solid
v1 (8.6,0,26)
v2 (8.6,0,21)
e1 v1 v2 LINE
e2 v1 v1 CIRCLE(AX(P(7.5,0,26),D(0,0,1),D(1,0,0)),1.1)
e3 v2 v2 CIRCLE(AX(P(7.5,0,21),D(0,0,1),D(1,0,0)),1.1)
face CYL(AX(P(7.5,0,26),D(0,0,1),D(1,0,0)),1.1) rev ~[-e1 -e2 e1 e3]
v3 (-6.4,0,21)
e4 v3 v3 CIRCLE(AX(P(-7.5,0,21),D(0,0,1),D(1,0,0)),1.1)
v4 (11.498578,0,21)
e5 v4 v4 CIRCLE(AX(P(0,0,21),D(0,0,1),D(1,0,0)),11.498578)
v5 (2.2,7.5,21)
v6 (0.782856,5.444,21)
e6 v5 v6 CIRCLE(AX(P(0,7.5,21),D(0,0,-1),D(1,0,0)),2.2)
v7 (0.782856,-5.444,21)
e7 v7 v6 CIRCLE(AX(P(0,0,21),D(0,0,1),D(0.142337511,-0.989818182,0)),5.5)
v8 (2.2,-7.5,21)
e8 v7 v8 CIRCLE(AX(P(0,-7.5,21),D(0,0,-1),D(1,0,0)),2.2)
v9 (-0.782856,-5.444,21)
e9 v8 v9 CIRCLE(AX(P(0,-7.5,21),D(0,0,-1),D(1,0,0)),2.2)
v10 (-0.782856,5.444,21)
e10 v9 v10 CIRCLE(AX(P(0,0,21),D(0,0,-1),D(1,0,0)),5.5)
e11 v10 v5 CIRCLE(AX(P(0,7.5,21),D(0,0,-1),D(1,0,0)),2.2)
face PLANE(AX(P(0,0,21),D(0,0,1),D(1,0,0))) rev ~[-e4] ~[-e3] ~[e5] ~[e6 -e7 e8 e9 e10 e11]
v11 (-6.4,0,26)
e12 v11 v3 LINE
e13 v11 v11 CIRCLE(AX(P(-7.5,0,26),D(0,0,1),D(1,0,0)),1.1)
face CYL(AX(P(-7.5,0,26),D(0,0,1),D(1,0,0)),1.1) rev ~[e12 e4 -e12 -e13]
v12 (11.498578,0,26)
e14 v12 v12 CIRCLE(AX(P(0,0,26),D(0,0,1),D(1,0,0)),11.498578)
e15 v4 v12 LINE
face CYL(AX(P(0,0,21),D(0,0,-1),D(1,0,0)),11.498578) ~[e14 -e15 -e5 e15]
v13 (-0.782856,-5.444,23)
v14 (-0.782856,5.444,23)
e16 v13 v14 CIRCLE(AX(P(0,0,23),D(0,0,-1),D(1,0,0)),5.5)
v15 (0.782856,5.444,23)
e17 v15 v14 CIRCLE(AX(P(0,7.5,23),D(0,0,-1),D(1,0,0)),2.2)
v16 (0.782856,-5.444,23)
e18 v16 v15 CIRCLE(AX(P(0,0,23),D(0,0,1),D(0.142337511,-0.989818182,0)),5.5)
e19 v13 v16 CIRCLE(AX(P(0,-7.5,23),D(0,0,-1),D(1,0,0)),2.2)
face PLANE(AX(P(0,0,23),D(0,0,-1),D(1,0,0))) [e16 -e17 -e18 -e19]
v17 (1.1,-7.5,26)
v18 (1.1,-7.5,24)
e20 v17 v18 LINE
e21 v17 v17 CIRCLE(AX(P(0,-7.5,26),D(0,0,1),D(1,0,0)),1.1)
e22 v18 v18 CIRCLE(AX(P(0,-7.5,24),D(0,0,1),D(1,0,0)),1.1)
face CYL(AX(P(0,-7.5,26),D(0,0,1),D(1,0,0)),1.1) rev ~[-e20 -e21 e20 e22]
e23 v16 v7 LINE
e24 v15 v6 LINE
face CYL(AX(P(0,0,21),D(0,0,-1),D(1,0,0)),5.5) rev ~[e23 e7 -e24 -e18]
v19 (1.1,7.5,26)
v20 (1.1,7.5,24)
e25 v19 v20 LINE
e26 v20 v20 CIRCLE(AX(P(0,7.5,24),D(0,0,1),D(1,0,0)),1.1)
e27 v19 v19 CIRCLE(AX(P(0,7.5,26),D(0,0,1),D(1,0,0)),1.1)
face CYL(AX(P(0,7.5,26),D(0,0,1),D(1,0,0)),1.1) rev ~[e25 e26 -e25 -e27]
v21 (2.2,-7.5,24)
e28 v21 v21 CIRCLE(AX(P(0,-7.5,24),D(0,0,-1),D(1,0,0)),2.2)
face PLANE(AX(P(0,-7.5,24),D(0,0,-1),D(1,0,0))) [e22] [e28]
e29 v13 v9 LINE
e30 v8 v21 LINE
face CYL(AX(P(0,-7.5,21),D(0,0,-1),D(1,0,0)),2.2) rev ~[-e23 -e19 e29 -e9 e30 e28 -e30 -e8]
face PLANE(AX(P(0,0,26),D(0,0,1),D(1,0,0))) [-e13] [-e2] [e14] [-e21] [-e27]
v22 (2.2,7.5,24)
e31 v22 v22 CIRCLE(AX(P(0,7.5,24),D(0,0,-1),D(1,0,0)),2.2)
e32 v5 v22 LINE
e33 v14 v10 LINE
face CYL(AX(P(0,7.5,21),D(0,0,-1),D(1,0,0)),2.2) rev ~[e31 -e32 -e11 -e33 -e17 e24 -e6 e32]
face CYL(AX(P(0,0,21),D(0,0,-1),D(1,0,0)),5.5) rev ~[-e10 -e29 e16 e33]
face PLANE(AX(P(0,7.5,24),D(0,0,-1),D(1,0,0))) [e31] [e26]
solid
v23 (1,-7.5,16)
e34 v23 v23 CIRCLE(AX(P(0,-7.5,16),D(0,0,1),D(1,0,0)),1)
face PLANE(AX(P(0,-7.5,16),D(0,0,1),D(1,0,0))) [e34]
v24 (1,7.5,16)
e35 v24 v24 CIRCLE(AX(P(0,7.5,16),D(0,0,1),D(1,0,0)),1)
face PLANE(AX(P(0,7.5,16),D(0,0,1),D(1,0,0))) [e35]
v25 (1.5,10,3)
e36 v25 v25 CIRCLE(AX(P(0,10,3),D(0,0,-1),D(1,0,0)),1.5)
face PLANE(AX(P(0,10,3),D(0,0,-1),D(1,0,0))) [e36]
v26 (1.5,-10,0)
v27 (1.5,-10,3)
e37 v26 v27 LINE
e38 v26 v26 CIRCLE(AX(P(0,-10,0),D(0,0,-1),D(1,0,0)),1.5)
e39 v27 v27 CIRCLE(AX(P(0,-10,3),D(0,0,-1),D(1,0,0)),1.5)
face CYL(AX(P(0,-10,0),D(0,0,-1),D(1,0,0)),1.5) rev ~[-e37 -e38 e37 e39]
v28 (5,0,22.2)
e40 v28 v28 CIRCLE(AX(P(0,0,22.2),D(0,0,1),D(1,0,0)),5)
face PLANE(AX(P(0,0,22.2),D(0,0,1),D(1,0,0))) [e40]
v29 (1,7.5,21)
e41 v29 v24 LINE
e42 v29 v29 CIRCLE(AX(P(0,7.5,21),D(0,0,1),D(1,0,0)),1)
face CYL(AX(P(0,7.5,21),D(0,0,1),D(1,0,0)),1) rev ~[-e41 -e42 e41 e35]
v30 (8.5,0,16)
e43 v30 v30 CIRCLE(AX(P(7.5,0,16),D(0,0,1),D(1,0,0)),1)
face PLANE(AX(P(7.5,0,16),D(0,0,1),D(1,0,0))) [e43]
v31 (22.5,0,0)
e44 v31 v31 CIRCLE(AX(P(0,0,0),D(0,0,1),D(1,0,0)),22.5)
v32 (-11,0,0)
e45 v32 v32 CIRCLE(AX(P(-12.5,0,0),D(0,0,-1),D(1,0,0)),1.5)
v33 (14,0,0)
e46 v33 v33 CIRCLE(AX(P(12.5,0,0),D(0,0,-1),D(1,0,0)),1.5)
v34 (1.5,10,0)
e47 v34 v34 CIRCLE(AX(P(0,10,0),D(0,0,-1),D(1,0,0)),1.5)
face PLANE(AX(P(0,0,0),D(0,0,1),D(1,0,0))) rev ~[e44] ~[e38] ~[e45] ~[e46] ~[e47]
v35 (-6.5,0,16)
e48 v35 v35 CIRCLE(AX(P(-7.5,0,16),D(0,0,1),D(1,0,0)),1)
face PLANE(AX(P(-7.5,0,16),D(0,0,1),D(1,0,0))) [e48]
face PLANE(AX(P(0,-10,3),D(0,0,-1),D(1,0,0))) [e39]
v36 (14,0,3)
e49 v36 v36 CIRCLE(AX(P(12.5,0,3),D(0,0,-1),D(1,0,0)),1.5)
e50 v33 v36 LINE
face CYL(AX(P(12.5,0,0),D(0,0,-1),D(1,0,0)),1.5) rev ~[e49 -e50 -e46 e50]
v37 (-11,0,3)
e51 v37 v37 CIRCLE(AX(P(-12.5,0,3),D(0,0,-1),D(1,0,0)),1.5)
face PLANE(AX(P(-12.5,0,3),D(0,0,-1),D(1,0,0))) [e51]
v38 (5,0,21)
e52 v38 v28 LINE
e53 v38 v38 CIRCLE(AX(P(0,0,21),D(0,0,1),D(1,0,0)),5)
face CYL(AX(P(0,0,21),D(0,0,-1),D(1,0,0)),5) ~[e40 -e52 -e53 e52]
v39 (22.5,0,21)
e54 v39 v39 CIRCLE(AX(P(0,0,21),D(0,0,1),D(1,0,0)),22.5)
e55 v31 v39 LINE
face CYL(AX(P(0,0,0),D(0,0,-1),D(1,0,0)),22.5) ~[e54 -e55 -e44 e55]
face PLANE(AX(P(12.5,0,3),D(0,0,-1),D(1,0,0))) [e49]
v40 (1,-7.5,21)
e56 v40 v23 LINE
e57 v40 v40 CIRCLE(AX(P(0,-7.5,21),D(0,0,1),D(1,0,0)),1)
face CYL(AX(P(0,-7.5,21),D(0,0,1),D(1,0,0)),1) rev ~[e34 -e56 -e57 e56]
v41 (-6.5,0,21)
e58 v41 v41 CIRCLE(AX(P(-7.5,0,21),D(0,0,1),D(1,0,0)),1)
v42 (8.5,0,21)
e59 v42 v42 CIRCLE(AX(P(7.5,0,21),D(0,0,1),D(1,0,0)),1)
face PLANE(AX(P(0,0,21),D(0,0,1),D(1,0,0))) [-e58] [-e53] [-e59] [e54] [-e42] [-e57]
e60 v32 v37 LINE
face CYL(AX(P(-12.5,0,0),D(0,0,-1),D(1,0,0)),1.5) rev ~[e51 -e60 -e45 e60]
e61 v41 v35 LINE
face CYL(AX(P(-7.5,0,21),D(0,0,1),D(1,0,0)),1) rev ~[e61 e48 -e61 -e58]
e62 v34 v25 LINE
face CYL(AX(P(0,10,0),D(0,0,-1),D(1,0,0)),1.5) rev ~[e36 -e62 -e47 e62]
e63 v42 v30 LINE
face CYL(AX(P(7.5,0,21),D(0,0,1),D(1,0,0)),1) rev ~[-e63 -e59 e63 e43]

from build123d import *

# Parameters (mm, degrees)
F0_R      = 22.5
F1_DEPTH  = 21
F2_R      = 1.5
F3_DEPTH  = 3
F4_R      = 5
F5_DEPTH  = 1.2
F6_R      = 1
F7_DEPTH  = 5
F8_R      = 11.4985777255
F9_DEPTH  = 5
F10_R     = 5.5
F11_DEPTH = 2
F12_R     = 1.1
F13_DEPTH = 5
F14_R     = 2.2
F15_DEPTH = 3


with BuildPart() as f1:
    # F0 (on Top) → F1 (new body)
    with BuildSketch(Plane.XY):
        Circle(F0_R)
    extrude(amount=F1_DEPTH)

    # F2 (on face) → F3 (cut)
    with BuildSketch(Plane(origin=(0, 0, 0), x_dir=(1, 0, 0), z_dir=(0, 0, -1))):
        with Locations((0, 10)):
            Circle(F2_R)
        with Locations((0, -10)):
            Circle(F2_R)
        with Locations((12.5, 0)):
            Circle(F2_R)
        with Locations((-12.5, 0)):
            Circle(F2_R)
    extrude(amount=-F3_DEPTH, mode=Mode.SUBTRACT)

    # F4 (on face) → F5 (join)
    with BuildSketch(Plane.XY.offset(21)):
        Circle(F4_R)
    extrude(amount=F5_DEPTH)

    # F6 (on face) → F7 (cut)
    with BuildSketch(Plane.XY.offset(21)):
        with Locations((0, 7.5)):
            Circle(F6_R)
        with Locations((0, -7.5)):
            Circle(F6_R)
        with Locations((7.5, 0)):
            Circle(F6_R)
        with Locations((-7.5, 0)):
            Circle(F6_R)
    extrude(amount=-F7_DEPTH, mode=Mode.SUBTRACT)


with BuildPart() as f9:
    # F8 (on face) → F9 (new body)
    with BuildSketch(Plane.XY.offset(21)):
        Circle(F8_R)
    extrude(amount=F9_DEPTH)

    # F10 (on face) → F11 (cut)
    with BuildSketch(Plane(origin=(0, 0, 21), x_dir=(1, 0, 0), z_dir=(0, 0, -1))):
        Circle(F10_R)
    extrude(amount=-F11_DEPTH, mode=Mode.SUBTRACT)

    # F12 (on face) → F13 (cut, through all)
    with BuildSketch(Plane.XY.offset(26)):
        with Locations((-7.5, 0)):
            Circle(F12_R)
        with Locations((0, 7.5)):
            Circle(F12_R)
        with Locations((7.5, 0)):
            Circle(F12_R)
        with Locations((0, -7.5)):
            Circle(F12_R)
    extrude(amount=-F13_DEPTH, mode=Mode.SUBTRACT)

    # F14 (on face) → F15 (cut)
    with BuildSketch(Plane(origin=(0, 0, 21), x_dir=(1, 0, 0), z_dir=(0, 0, -1))):
        with Locations((0, 7.5)):
            Circle(F14_R)
        with Locations((0, -7.5)):
            Circle(F14_R)
    extrude(amount=-F15_DEPTH, mode=Mode.SUBTRACT)


solid = Compound([f1.part, f9.part])
